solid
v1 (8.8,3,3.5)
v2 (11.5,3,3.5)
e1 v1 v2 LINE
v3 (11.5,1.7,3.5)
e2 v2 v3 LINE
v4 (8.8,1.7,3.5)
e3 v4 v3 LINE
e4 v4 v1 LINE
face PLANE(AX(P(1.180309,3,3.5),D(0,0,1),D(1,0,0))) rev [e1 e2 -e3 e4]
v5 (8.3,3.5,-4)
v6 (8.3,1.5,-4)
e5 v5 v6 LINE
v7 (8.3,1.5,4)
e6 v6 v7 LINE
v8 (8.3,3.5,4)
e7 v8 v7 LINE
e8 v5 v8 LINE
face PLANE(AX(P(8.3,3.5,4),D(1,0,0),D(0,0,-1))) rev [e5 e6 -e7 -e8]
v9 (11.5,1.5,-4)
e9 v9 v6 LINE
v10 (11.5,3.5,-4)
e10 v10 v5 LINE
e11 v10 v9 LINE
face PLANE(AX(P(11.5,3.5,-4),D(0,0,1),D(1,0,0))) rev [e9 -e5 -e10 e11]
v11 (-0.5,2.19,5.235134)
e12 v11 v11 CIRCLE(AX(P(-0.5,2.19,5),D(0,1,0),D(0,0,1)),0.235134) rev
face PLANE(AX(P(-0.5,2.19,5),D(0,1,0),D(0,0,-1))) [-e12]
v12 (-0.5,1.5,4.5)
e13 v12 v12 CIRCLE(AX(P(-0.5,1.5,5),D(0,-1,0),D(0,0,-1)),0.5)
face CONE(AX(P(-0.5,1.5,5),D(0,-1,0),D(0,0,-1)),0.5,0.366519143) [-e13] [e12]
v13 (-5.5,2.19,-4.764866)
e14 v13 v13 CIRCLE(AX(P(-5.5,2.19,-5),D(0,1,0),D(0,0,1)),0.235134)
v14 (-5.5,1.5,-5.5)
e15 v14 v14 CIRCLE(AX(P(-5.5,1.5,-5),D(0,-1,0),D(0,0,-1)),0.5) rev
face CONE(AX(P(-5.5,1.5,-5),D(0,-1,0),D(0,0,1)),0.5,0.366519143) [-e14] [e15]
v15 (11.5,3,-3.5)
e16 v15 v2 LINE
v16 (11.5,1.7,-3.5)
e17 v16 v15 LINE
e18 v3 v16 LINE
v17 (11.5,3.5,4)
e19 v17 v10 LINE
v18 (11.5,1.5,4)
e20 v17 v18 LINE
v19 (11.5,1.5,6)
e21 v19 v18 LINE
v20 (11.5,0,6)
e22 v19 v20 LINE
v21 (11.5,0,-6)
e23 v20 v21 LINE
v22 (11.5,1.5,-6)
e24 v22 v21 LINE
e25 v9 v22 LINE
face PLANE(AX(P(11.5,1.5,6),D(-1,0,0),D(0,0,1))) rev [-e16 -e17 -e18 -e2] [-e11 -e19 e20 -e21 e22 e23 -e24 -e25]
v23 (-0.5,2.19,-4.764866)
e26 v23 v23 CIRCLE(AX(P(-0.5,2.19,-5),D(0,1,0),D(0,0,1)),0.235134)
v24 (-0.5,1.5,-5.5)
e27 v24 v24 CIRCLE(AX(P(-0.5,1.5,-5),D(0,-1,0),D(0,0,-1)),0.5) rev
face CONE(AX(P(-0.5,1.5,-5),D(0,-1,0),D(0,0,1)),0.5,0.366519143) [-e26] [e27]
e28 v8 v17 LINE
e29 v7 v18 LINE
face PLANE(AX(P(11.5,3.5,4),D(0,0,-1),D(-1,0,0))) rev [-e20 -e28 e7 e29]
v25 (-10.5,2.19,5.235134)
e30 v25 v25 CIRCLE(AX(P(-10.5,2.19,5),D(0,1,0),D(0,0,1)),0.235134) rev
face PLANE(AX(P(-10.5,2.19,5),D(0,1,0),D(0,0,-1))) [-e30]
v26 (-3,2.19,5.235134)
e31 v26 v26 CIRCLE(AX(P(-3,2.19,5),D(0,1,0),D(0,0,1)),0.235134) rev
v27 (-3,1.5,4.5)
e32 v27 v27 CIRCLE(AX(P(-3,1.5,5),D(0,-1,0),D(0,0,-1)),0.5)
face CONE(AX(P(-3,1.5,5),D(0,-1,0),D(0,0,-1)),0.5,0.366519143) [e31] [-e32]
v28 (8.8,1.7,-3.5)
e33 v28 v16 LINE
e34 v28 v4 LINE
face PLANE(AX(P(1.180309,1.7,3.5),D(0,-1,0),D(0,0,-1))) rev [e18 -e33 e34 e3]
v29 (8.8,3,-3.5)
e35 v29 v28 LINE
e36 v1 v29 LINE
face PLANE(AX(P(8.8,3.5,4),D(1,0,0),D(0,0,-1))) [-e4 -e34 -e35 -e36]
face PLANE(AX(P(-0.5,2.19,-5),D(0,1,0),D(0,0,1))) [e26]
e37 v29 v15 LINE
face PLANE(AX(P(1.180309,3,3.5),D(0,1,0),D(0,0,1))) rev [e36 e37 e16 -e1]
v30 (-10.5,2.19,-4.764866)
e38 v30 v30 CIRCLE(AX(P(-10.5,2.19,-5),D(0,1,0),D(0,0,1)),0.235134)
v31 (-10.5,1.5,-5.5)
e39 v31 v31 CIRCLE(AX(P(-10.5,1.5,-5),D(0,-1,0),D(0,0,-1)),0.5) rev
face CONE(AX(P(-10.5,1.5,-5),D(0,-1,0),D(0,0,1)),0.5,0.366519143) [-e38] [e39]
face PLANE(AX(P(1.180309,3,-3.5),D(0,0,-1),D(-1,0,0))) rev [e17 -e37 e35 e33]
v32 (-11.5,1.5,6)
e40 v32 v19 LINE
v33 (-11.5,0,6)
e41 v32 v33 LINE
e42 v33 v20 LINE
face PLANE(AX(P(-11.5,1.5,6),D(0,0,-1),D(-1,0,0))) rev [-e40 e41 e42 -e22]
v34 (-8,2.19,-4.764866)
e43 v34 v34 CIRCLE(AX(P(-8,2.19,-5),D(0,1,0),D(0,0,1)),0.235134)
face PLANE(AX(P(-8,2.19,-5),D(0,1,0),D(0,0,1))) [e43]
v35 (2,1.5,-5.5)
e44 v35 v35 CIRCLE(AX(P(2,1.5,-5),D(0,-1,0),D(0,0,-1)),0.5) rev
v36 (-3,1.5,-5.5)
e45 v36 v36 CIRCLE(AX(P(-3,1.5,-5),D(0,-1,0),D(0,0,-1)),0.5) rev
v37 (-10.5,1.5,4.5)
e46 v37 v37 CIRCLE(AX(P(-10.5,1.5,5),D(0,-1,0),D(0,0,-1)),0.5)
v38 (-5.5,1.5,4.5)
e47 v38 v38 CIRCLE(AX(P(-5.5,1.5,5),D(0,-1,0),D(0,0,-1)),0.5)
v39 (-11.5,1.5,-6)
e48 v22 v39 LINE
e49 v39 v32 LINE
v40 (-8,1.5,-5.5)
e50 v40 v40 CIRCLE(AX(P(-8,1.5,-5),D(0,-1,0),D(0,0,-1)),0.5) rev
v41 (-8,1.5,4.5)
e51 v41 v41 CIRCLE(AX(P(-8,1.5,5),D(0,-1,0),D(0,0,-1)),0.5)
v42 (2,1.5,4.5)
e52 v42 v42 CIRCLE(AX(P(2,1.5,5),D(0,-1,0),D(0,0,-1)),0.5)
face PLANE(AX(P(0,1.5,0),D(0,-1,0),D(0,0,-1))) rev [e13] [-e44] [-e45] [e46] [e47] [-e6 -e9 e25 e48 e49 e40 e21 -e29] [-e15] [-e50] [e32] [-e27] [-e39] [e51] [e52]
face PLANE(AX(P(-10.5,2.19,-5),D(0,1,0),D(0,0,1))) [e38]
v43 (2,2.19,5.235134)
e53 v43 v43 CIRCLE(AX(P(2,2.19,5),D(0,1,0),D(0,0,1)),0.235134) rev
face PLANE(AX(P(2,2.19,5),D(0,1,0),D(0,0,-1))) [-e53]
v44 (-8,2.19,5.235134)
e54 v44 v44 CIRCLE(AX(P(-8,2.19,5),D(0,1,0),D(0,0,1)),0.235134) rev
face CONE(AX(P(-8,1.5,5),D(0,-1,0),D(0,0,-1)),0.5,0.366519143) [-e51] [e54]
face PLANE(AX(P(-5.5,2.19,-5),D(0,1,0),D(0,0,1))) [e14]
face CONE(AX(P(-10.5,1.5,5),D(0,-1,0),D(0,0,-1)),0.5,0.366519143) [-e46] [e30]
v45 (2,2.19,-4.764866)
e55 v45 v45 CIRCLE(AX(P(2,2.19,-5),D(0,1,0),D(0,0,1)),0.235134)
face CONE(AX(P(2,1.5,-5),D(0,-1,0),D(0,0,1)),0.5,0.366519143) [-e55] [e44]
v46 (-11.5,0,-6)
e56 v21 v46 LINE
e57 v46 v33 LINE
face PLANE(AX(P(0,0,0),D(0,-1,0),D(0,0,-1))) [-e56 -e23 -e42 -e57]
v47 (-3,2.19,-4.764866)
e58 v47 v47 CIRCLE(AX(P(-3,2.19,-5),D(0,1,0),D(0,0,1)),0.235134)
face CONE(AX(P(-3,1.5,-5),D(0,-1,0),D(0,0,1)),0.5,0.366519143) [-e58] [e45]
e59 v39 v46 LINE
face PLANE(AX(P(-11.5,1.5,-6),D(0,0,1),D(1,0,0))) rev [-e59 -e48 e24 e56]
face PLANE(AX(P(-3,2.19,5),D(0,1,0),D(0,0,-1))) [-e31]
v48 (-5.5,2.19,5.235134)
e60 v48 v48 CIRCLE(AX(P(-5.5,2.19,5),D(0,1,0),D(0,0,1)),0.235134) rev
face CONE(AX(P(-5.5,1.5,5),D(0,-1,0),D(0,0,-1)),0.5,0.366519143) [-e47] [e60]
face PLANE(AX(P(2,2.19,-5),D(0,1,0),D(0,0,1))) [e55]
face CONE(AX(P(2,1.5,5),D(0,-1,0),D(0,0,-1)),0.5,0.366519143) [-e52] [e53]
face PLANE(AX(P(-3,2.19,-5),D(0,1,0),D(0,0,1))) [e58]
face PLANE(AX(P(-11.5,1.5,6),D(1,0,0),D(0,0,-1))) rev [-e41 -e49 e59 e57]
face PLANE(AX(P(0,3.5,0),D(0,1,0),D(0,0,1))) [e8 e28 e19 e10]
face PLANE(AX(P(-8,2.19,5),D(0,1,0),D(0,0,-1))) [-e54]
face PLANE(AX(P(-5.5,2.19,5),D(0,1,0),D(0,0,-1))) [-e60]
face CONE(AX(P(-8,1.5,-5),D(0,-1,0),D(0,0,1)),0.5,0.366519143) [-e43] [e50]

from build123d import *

# Parameters (mm, degrees)
SKETCH1_W               = 23
SKETCH1_H               = 12
BOSS_EXTRUDE1_DEPTH     = 1.5
SKETCH2_W               = 3.2
SKETCH2_H               = 8
BOSS_EXTRUDE2_DEPTH     = 2
SKETCH3_W               = 7
SKETCH3_H               = 1.3
CUT_EXTRUDE1_DEPTH      = 2.7
SKETCH4_R               = 0.5
BOSS_EXTRUDE3_DEPTH     = 0.69
BOSS_EXTRUDE3_TAPER     = 21
LPATTERN1_COUNT         = 6
LPATTERN1_PITCH         = 2.5
MIRROR1_COPY_1_SKETCH_R = 0.5
MIRROR1_COPY_1_DEPTH    = 0.69
MIRROR1_COPY_1_TAPER    = 21
MIRROR1_COPY_2_SKETCH_R = 0.5
MIRROR1_COPY_2_DEPTH    = 0.69
MIRROR1_COPY_2_TAPER    = 21
MIRROR1_COPY_3_SKETCH_R = 0.5
MIRROR1_COPY_3_DEPTH    = 0.69
MIRROR1_COPY_3_TAPER    = 21
MIRROR1_COPY_4_SKETCH_R = 0.5
MIRROR1_COPY_4_DEPTH    = 0.69
MIRROR1_COPY_4_TAPER    = 21
MIRROR1_COPY_5_SKETCH_R = 0.5
MIRROR1_COPY_5_DEPTH    = 0.69
MIRROR1_COPY_5_TAPER    = 21


with BuildPart() as part:
    # Sketch1 → Boss-Extrude1 (new body)
    with BuildSketch(Plane(origin=(0, 0, 0), x_dir=(1, 0, 0), z_dir=(0, 1, 0))):
        Rectangle(SKETCH1_W, SKETCH1_H)
    extrude(amount=BOSS_EXTRUDE1_DEPTH)

    # Sketch2 → Boss-Extrude2 (add)
    with BuildSketch(Plane(origin=(0, 1.5, 0), x_dir=(1, 0, 0), z_dir=(0, 1, 0))):
        with Locations((9.9, 0)):
            Rectangle(SKETCH2_W, SKETCH2_H)
    extrude(amount=BOSS_EXTRUDE2_DEPTH)

    # Sketch3 → Cut-Extrude1 (cut)
    with BuildSketch(Plane(origin=(11.5, 0, 0), x_dir=(0, 0, -1), z_dir=(1, 0, 0))):
        with Locations((0, 2.35)):
            Rectangle(SKETCH3_W, SKETCH3_H)
    extrude(amount=-CUT_EXTRUDE1_DEPTH, mode=Mode.SUBTRACT)

    # Sketch4 → Boss-Extrude3 (add)
    with BuildSketch(Plane(origin=(0, 1.5, 0), x_dir=(1, 0, 0), z_dir=(0, 1, 0))):
        with Locations((-10.5, 5)):
            Circle(SKETCH4_R)
    boss_extrude3 = extrude(amount=BOSS_EXTRUDE3_DEPTH, taper=BOSS_EXTRUDE3_TAPER)

    # LPattern1: Boss-Extrude3 ×6
    with Locations(*[(i * LPATTERN1_PITCH, 0, 0) for i in range(1, LPATTERN1_COUNT)]):
        add(boss_extrude3)

    # Mirror1: Boss-Extrude3 across plane
    add(boss_extrude3.mirror(Plane.XY))

    # Mirror1 copy 1 sketch → Mirror1 copy 1 (add)
    with BuildSketch(Plane(origin=(2.5, 1.5, 0), x_dir=(1, 0, 0), z_dir=(0, 1, 0))):
        with Locations((-10.5, -5)):
            Circle(MIRROR1_COPY_1_SKETCH_R)
    extrude(amount=MIRROR1_COPY_1_DEPTH, taper=MIRROR1_COPY_1_TAPER)

    # Mirror1 copy 2 sketch → Mirror1 copy 2 (add)
    with BuildSketch(Plane(origin=(5, 1.5, 0), x_dir=(1, 0, 0), z_dir=(0, 1, 0))):
        with Locations((-10.5, -5)):
            Circle(MIRROR1_COPY_2_SKETCH_R)
    extrude(amount=MIRROR1_COPY_2_DEPTH, taper=MIRROR1_COPY_2_TAPER)

    # Mirror1 copy 3 sketch → Mirror1 copy 3 (add)
    with BuildSketch(Plane(origin=(7.5, 1.5, 0), x_dir=(1, 0, 0), z_dir=(0, 1, 0))):
        with Locations((-10.5, -5)):
            Circle(MIRROR1_COPY_3_SKETCH_R)
    extrude(amount=MIRROR1_COPY_3_DEPTH, taper=MIRROR1_COPY_3_TAPER)

    # Mirror1 copy 4 sketch → Mirror1 copy 4 (add)
    with BuildSketch(Plane(origin=(10, 1.5, 0), x_dir=(1, 0, 0), z_dir=(0, 1, 0))):
        with Locations((-10.5, -5)):
            Circle(MIRROR1_COPY_4_SKETCH_R)
    extrude(amount=MIRROR1_COPY_4_DEPTH, taper=MIRROR1_COPY_4_TAPER)

    # Mirror1 copy 5 sketch → Mirror1 copy 5 (add)
    with BuildSketch(Plane(origin=(12.5, 1.5, 0), x_dir=(1, 0, 0), z_dir=(0, 1, 0))):
        with Locations((-10.5, -5)):
            Circle(MIRROR1_COPY_5_SKETCH_R)
    extrude(amount=MIRROR1_COPY_5_DEPTH, taper=MIRROR1_COPY_5_TAPER)


solid = part.part
